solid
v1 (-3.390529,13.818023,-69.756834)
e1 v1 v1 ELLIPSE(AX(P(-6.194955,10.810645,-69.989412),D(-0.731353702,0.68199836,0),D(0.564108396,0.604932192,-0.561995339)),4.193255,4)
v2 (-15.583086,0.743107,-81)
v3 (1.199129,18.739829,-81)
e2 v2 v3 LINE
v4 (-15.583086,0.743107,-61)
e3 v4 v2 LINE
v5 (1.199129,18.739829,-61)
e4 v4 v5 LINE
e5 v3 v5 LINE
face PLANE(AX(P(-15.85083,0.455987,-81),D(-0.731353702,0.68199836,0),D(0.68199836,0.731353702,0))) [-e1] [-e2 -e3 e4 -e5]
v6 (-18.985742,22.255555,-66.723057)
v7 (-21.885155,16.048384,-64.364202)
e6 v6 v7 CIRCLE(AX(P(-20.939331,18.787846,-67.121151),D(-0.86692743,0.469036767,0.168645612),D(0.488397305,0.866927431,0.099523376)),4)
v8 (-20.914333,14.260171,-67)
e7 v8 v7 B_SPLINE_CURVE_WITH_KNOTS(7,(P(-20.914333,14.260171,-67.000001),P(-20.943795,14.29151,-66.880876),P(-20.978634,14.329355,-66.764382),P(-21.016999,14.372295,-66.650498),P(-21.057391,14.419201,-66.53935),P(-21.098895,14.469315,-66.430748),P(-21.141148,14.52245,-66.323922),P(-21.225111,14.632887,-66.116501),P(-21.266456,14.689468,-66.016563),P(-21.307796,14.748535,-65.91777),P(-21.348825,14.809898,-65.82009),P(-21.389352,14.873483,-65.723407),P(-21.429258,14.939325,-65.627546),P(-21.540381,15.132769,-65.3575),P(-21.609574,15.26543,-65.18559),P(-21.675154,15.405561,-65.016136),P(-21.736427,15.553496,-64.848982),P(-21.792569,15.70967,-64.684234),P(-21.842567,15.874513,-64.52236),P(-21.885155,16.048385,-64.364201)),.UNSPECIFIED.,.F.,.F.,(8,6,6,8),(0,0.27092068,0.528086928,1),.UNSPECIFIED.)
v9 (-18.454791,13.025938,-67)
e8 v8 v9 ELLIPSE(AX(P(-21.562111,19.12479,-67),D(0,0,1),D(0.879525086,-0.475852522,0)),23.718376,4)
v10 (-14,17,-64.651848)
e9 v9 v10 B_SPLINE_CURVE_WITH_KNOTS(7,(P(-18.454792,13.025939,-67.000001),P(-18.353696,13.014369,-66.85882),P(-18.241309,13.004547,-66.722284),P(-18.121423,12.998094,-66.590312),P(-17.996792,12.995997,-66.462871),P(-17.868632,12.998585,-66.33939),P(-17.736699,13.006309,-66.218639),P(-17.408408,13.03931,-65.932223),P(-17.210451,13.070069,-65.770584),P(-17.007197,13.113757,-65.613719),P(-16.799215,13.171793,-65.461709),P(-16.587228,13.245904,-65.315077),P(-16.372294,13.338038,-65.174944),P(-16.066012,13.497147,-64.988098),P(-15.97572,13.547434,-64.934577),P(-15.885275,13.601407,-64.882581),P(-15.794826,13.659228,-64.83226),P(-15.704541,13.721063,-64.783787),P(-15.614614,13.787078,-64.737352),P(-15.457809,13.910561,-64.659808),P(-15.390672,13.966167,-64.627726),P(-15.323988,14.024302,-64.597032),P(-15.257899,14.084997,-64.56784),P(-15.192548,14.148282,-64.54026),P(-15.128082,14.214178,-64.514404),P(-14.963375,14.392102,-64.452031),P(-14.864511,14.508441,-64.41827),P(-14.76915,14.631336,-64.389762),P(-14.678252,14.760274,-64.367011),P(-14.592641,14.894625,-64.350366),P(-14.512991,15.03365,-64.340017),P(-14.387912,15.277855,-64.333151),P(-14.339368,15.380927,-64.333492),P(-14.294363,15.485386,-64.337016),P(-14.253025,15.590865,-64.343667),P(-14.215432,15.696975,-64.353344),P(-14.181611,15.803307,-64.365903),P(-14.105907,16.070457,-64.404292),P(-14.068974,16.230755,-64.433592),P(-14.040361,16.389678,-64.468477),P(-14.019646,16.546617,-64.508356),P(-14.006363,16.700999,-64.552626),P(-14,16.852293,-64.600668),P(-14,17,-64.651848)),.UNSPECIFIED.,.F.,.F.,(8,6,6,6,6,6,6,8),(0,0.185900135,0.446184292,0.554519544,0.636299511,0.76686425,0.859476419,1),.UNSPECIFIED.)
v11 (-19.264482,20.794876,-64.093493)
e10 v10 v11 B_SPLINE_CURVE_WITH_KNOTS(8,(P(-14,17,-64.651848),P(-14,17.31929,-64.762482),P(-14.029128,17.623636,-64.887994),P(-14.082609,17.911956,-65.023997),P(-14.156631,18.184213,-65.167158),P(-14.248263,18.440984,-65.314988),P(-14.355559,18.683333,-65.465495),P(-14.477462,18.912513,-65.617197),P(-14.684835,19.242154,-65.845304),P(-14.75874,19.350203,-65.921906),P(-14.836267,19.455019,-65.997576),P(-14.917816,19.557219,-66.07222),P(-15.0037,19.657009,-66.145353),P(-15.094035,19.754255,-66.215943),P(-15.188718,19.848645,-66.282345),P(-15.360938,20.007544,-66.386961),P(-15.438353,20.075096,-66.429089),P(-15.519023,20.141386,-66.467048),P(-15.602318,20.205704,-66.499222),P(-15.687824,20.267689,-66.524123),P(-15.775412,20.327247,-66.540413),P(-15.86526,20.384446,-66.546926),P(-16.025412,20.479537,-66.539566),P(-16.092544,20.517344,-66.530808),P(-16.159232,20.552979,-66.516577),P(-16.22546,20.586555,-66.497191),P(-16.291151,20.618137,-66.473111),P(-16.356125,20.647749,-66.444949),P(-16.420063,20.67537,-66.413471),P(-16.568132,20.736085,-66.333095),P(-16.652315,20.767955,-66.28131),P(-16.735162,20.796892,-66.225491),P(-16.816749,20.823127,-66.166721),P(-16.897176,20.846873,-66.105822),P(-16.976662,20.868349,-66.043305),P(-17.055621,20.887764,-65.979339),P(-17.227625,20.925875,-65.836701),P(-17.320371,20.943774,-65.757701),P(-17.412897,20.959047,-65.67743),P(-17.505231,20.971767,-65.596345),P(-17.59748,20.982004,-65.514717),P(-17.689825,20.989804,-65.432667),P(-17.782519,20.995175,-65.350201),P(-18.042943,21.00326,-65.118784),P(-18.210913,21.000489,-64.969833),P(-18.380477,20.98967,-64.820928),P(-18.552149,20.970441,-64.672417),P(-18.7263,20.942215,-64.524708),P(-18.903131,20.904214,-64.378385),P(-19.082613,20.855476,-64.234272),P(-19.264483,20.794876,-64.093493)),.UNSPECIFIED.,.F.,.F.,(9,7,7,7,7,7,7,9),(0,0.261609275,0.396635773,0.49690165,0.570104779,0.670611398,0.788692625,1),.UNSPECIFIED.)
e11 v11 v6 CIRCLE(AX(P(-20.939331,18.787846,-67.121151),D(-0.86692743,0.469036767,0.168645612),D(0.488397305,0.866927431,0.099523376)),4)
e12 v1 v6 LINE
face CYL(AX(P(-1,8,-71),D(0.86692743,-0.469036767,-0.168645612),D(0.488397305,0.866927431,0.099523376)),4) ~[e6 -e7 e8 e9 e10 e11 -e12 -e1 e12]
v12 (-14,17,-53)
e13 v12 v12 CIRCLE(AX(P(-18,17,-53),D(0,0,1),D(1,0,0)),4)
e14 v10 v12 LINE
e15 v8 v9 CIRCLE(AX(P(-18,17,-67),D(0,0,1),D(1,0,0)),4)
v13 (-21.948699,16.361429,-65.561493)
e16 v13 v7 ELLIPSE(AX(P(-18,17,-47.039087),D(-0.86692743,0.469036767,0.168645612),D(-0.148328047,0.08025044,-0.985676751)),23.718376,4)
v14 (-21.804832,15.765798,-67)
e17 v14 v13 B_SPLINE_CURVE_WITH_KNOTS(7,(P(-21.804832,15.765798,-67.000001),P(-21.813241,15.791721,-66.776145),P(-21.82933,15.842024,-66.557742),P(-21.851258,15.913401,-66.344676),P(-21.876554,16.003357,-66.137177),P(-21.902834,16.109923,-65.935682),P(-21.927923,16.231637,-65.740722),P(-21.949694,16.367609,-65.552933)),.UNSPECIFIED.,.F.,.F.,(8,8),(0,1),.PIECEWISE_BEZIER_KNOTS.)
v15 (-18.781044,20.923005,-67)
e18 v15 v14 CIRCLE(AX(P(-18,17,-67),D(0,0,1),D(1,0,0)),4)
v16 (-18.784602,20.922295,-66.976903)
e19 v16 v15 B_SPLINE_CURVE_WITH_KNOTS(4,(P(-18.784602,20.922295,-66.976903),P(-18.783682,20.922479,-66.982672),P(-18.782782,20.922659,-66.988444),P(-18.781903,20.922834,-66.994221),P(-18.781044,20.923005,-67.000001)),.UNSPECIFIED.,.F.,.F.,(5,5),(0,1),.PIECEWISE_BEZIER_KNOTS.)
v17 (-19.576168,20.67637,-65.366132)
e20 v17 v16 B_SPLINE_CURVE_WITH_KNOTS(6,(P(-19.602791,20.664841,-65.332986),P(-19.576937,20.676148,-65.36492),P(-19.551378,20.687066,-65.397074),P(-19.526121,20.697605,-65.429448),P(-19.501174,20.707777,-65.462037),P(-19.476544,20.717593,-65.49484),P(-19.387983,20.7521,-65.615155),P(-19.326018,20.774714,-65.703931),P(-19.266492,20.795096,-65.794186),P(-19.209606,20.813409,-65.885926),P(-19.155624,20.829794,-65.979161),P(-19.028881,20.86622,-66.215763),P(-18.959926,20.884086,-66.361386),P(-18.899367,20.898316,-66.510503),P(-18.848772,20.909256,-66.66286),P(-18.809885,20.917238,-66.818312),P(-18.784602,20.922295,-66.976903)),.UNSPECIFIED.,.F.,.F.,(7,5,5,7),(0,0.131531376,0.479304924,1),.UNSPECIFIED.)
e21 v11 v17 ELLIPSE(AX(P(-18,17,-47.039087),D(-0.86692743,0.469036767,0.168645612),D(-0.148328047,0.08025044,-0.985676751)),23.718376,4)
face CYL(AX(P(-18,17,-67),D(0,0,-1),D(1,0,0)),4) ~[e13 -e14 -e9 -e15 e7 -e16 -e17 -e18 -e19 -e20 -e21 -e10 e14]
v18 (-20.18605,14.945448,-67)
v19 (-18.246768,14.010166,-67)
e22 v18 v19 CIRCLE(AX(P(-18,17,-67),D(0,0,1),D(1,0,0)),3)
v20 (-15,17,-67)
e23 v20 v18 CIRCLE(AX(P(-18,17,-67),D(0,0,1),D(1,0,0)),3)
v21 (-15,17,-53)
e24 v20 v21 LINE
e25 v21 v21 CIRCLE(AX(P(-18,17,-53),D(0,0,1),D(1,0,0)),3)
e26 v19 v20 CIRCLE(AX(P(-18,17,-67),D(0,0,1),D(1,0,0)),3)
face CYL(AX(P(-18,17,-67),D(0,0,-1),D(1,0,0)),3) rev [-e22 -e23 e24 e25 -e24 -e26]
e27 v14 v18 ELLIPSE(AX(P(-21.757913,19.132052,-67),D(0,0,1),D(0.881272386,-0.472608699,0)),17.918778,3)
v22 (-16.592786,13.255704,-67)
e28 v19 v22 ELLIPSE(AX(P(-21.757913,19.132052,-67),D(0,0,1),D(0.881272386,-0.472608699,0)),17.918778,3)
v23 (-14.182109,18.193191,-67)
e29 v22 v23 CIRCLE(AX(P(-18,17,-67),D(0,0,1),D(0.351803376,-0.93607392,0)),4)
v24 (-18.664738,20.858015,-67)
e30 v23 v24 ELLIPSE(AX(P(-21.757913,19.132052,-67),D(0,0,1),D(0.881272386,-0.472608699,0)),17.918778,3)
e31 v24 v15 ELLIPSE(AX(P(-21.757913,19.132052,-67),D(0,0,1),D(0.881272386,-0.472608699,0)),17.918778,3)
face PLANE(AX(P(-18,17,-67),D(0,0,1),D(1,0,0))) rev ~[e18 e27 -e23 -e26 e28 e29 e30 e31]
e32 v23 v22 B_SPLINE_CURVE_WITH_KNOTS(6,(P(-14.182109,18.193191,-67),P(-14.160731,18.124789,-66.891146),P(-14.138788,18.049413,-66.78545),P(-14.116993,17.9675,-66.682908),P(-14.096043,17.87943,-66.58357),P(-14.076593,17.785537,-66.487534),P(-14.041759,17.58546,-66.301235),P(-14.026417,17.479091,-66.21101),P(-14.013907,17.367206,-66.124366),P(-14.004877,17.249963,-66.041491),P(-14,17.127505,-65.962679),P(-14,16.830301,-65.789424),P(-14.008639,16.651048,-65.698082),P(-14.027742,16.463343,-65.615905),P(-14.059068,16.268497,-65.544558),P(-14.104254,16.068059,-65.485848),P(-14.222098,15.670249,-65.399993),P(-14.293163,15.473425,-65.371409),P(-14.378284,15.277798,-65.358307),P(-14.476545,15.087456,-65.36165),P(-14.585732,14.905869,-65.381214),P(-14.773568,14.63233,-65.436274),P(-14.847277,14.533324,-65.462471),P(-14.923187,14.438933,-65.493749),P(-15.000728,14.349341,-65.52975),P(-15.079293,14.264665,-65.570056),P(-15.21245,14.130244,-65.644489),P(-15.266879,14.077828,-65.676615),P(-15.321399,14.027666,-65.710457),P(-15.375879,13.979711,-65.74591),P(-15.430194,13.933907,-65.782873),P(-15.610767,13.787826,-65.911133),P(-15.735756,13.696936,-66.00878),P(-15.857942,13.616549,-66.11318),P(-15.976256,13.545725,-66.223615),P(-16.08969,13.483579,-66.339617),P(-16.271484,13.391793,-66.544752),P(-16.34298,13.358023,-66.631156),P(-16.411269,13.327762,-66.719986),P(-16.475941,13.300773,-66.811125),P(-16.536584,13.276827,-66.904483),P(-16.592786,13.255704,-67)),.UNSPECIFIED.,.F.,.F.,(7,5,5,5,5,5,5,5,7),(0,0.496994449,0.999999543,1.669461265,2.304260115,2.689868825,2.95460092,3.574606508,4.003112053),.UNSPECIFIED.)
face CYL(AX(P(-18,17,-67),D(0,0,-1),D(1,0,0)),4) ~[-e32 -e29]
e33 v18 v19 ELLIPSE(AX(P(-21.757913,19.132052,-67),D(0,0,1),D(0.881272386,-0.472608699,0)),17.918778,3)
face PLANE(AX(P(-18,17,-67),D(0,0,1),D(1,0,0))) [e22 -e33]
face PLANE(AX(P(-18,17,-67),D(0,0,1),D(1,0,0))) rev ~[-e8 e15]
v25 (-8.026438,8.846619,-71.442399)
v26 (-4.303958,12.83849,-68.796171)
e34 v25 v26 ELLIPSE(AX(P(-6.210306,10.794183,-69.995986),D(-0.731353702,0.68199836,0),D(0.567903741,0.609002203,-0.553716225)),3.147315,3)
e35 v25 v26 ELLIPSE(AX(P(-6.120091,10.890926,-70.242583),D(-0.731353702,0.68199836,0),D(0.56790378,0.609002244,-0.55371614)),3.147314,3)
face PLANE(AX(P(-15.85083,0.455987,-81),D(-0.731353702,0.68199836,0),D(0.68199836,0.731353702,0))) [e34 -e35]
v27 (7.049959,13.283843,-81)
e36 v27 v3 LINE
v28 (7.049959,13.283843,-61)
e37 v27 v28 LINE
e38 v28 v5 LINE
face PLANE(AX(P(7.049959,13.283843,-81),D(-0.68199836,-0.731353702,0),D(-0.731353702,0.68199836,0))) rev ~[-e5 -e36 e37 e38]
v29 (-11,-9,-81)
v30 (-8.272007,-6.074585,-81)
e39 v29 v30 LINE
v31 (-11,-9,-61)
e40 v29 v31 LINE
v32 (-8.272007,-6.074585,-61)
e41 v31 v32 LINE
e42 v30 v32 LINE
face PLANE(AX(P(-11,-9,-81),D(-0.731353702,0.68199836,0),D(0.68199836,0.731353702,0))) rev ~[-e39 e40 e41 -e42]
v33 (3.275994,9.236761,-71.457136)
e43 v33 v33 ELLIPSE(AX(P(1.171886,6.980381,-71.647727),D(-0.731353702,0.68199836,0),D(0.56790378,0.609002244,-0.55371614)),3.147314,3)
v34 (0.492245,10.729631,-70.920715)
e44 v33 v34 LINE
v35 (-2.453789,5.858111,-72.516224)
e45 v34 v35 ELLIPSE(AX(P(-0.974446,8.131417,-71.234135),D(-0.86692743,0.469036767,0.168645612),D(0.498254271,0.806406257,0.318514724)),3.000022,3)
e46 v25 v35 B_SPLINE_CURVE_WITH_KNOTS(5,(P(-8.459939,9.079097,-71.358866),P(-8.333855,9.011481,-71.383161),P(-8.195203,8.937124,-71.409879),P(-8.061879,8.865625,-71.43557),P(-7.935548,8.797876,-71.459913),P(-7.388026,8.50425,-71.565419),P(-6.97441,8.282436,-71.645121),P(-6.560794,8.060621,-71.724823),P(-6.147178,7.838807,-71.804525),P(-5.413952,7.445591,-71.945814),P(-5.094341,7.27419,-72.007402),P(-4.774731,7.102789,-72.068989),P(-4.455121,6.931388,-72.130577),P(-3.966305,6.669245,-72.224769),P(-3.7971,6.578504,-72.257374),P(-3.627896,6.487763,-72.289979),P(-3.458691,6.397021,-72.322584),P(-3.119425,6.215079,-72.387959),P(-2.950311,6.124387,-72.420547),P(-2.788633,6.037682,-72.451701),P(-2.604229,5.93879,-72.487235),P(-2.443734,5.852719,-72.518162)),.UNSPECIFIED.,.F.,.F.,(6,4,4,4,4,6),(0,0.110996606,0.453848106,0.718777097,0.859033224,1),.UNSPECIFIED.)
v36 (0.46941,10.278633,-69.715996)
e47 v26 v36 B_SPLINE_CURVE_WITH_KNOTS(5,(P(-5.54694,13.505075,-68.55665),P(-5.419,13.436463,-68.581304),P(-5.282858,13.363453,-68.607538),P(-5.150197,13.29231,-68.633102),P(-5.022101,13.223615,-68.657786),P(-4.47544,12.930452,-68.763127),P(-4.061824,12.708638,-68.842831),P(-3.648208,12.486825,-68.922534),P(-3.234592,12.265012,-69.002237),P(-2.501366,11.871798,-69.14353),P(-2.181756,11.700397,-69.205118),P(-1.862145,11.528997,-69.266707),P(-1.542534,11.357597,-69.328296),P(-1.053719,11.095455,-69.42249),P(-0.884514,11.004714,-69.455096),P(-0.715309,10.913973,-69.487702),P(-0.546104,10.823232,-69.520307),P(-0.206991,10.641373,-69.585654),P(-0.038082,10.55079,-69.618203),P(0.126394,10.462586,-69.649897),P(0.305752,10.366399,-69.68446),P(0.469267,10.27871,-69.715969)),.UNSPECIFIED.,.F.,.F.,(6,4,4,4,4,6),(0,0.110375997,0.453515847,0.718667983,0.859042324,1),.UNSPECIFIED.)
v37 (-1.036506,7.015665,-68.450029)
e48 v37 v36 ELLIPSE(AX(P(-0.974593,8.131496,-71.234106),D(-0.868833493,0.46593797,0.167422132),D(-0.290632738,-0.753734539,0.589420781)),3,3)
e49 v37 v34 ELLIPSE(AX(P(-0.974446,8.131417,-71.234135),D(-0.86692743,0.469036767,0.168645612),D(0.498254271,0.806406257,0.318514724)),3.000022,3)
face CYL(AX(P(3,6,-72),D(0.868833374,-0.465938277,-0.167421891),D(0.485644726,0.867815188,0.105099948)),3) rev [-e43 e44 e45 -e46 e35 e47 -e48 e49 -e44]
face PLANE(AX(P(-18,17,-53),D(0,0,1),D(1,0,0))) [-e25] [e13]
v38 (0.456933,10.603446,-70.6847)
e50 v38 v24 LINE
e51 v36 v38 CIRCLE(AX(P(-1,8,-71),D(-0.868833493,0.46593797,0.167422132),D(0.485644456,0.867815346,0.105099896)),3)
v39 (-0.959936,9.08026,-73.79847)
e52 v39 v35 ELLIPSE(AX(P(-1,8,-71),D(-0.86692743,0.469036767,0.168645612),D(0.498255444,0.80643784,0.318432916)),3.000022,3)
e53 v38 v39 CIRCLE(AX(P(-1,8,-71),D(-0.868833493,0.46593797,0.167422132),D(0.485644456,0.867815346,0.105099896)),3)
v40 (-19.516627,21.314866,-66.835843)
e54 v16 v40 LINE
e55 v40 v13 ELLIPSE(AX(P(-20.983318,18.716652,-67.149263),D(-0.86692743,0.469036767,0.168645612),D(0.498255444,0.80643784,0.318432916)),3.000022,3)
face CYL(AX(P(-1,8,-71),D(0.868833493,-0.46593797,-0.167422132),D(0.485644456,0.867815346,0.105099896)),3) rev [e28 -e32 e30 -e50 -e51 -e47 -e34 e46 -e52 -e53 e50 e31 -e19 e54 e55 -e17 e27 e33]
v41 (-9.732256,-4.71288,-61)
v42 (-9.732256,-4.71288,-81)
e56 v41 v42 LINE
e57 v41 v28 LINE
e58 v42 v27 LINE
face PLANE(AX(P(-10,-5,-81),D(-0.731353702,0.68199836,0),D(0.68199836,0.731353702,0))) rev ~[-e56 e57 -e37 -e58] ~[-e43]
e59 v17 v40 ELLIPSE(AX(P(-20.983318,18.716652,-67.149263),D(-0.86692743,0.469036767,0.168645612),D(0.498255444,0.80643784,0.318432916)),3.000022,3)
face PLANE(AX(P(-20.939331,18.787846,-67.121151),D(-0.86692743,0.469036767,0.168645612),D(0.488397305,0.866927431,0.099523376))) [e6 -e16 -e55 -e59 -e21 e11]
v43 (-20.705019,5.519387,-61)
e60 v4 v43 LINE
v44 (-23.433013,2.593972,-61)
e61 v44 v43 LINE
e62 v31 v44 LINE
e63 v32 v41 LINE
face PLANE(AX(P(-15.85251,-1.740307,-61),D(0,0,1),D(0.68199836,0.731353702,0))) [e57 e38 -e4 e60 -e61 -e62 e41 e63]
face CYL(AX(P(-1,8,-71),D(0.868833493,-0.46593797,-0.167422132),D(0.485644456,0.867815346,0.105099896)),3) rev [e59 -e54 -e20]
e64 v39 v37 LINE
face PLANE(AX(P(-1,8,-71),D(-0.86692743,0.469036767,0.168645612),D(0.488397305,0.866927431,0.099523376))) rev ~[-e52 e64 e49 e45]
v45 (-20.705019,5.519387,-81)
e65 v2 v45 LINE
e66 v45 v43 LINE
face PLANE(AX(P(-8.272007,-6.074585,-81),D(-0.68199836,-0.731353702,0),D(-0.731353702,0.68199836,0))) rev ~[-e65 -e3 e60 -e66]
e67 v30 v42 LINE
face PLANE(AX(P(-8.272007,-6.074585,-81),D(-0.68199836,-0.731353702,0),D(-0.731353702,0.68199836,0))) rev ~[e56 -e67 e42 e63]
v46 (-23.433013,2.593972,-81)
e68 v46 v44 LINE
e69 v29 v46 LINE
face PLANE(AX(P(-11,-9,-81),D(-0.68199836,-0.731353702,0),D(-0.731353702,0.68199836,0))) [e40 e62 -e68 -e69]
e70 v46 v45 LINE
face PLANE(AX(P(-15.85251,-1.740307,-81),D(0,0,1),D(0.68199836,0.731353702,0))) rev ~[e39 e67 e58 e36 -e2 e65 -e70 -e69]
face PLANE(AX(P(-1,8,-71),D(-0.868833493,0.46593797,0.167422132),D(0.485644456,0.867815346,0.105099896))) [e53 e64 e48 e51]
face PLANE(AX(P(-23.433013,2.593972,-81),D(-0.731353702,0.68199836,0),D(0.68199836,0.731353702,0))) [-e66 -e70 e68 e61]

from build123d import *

# Parameters (mm, degrees)
CYLINDER058_R               = 3
CYLINDER058_DEPTH           = 14
CYLINDER059_R               = 4
CYLINDER059_DEPTH           = 14
CYLINDER057_R               = 3
CYLINDER057_DEPTH           = 25
CYLINDER057_ROLL_ANGLE      = -80.307838
CYLINDER057_PITCH_ANGLE     = -6.032922
CYLINDER057_PLACEMENT_ANGLE = 60.76787
CYLINDER055_R               = 4
CYLINDER055_DEPTH           = 23
CYLINDER055_ROLL_ANGLE      = -80.242002
CYLINDER055_PITCH_ANGLE     = -5.711725
CYLINDER055_PLACEMENT_ANGLE = 60.604575
CYLINDER056_R               = 3
CYLINDER056_DEPTH           = 20
CYLINDER056_ROLL_ANGLE      = -80.307852
CYLINDER056_PITCH_ANGLE     = -6.032925
CYLINDER056_PLACEMENT_ANGLE = 60.767852
BOX022_W                    = 25
BOX022_H                    = 8
BOX022_DEPTH                = 20
BOX022_PLACEMENT_ANGLE      = 47
BOX021_W                    = 4
BOX021_H                    = 17
BOX021_DEPTH                = 20
BOX021_PLACEMENT_ANGLE      = 47


with BuildPart() as cylindre054:
    # Cylinder058 → Cylinder058 (new body)
    with BuildSketch(Plane(origin=(-18, 17, -67), x_dir=(1, 0, 0), z_dir=(0, 0, 1))):
        Circle(CYLINDER058_R)
    extrude(amount=CYLINDER058_DEPTH)


with BuildPart() as cylindre055:
    # Cylinder059 → Cylinder059 (new body)
    with BuildSketch(Plane(origin=(-18, 17, -67), x_dir=(1, 0, 0), z_dir=(0, 0, 1))):
        Circle(CYLINDER059_R)
    extrude(amount=CYLINDER059_DEPTH)


with BuildPart() as cylindre053:
    # Cylinder057 → Cylinder057 (new body)
    with BuildSketch(Plane.XY):
        Circle(CYLINDER057_R)
    extrude(amount=CYLINDER057_DEPTH)


with BuildPart() as cylindre053_1:
    # Cylinder057 roll: moved
    add(cylindre053.part.rotate(Axis((0, 0, 0), (1, 0, 0)), CYLINDER057_ROLL_ANGLE))


with BuildPart() as cylindre053_2:
    # Cylinder057 pitch: moved
    add(cylindre053_1.part.rotate(Axis((0, 0, 0), (0, 1, 0)), CYLINDER057_PITCH_ANGLE))


with BuildPart() as cylindre053_3:
    # Cylinder057 placement: moved
    add(cylindre053_2.part.moved(Location((-3, 6, -72))).rotate(Axis((-3, 6, -72), (0, 0, 1)), CYLINDER057_PLACEMENT_ANGLE))


with BuildPart() as cut039:
    # Cylinder055 → Cylinder055 (new body)
    with BuildSketch(Plane.XY):
        Circle(CYLINDER055_R)
    extrude(amount=CYLINDER055_DEPTH)


with BuildPart() as cut039_1:
    # Cylinder055 roll: moved
    add(cut039.part.rotate(Axis((0, 0, 0), (1, 0, 0)), CYLINDER055_ROLL_ANGLE))


with BuildPart() as cut039_2:
    # Cylinder055 pitch: moved
    add(cut039_1.part.rotate(Axis((0, 0, 0), (0, 1, 0)), CYLINDER055_PITCH_ANGLE))


with BuildPart() as cut039_3:
    # Cylinder055 placement: moved
    add(cut039_2.part.moved(Location((-3, 6, -72))).rotate(Axis((-3, 6, -72), (0, 0, 1)), CYLINDER055_PLACEMENT_ANGLE))

    # Cut038: cut Cylindre053
    add(cylindre053_3.part, mode=Mode.SUBTRACT)


with BuildPart() as cut039_4:
    # Cut038 placement: moved
    add(cut039_3.part.moved(Location((2, 2, 1))))

    # Fusion027: union Cylindre055
    add(cylindre055.part)

    # Cut039: cut Cylindre054
    add(cylindre054.part, mode=Mode.SUBTRACT)


with BuildPart() as cylindre052:
    # Cylinder056 → Cylinder056 (new body)
    with BuildSketch(Plane.XY):
        Circle(CYLINDER056_R)
    extrude(amount=CYLINDER056_DEPTH)


with BuildPart() as cylindre052_1:
    # Cylinder056 roll: moved
    add(cylindre052.part.rotate(Axis((0, 0, 0), (1, 0, 0)), CYLINDER056_ROLL_ANGLE))


with BuildPart() as cylindre052_2:
    # Cylinder056 pitch: moved
    add(cylindre052_1.part.rotate(Axis((0, 0, 0), (0, 1, 0)), CYLINDER056_PITCH_ANGLE))


with BuildPart() as cylindre052_3:
    # Cylinder056 placement: moved
    add(cylindre052_2.part.moved(Location((3, 6, -72))).rotate(Axis((3, 6, -72), (0, 0, 1)), CYLINDER056_PLACEMENT_ANGLE))


with BuildPart() as cube022:
    # Box022 → Box022 (new body)
    with BuildSketch(Plane.XY):
        with Locations((12.5, 4)):
            Rectangle(BOX022_W, BOX022_H)
    extrude(amount=BOX022_DEPTH)


with BuildPart() as cube022_1:
    # Box022 placement: moved
    add(cube022.part.moved(Location((-10, -5, -81))).rotate(Axis((-10, -5, -81), (0, 0, 1)), BOX022_PLACEMENT_ANGLE))


with BuildPart() as fusion028:
    # Box021 → Box021 (new body)
    with BuildSketch(Plane.XY):
        with Locations((2, 8.5)):
            Rectangle(BOX021_W, BOX021_H)
    extrude(amount=BOX021_DEPTH)


with BuildPart() as fusion028_1:
    # Box021 placement: moved
    add(fusion028.part.moved(Location((-11, -9, -81))).rotate(Axis((-11, -9, -81), (0, 0, 1)), BOX021_PLACEMENT_ANGLE))

    # Fusion023: union Cube022
    add(cube022_1.part)

    # Cut037: cut Cylindre052
    add(cylindre052_3.part, mode=Mode.SUBTRACT)

    # Fusion028: union Cut039
    add(cut039_4.part)


solid = fusion028_1.part
